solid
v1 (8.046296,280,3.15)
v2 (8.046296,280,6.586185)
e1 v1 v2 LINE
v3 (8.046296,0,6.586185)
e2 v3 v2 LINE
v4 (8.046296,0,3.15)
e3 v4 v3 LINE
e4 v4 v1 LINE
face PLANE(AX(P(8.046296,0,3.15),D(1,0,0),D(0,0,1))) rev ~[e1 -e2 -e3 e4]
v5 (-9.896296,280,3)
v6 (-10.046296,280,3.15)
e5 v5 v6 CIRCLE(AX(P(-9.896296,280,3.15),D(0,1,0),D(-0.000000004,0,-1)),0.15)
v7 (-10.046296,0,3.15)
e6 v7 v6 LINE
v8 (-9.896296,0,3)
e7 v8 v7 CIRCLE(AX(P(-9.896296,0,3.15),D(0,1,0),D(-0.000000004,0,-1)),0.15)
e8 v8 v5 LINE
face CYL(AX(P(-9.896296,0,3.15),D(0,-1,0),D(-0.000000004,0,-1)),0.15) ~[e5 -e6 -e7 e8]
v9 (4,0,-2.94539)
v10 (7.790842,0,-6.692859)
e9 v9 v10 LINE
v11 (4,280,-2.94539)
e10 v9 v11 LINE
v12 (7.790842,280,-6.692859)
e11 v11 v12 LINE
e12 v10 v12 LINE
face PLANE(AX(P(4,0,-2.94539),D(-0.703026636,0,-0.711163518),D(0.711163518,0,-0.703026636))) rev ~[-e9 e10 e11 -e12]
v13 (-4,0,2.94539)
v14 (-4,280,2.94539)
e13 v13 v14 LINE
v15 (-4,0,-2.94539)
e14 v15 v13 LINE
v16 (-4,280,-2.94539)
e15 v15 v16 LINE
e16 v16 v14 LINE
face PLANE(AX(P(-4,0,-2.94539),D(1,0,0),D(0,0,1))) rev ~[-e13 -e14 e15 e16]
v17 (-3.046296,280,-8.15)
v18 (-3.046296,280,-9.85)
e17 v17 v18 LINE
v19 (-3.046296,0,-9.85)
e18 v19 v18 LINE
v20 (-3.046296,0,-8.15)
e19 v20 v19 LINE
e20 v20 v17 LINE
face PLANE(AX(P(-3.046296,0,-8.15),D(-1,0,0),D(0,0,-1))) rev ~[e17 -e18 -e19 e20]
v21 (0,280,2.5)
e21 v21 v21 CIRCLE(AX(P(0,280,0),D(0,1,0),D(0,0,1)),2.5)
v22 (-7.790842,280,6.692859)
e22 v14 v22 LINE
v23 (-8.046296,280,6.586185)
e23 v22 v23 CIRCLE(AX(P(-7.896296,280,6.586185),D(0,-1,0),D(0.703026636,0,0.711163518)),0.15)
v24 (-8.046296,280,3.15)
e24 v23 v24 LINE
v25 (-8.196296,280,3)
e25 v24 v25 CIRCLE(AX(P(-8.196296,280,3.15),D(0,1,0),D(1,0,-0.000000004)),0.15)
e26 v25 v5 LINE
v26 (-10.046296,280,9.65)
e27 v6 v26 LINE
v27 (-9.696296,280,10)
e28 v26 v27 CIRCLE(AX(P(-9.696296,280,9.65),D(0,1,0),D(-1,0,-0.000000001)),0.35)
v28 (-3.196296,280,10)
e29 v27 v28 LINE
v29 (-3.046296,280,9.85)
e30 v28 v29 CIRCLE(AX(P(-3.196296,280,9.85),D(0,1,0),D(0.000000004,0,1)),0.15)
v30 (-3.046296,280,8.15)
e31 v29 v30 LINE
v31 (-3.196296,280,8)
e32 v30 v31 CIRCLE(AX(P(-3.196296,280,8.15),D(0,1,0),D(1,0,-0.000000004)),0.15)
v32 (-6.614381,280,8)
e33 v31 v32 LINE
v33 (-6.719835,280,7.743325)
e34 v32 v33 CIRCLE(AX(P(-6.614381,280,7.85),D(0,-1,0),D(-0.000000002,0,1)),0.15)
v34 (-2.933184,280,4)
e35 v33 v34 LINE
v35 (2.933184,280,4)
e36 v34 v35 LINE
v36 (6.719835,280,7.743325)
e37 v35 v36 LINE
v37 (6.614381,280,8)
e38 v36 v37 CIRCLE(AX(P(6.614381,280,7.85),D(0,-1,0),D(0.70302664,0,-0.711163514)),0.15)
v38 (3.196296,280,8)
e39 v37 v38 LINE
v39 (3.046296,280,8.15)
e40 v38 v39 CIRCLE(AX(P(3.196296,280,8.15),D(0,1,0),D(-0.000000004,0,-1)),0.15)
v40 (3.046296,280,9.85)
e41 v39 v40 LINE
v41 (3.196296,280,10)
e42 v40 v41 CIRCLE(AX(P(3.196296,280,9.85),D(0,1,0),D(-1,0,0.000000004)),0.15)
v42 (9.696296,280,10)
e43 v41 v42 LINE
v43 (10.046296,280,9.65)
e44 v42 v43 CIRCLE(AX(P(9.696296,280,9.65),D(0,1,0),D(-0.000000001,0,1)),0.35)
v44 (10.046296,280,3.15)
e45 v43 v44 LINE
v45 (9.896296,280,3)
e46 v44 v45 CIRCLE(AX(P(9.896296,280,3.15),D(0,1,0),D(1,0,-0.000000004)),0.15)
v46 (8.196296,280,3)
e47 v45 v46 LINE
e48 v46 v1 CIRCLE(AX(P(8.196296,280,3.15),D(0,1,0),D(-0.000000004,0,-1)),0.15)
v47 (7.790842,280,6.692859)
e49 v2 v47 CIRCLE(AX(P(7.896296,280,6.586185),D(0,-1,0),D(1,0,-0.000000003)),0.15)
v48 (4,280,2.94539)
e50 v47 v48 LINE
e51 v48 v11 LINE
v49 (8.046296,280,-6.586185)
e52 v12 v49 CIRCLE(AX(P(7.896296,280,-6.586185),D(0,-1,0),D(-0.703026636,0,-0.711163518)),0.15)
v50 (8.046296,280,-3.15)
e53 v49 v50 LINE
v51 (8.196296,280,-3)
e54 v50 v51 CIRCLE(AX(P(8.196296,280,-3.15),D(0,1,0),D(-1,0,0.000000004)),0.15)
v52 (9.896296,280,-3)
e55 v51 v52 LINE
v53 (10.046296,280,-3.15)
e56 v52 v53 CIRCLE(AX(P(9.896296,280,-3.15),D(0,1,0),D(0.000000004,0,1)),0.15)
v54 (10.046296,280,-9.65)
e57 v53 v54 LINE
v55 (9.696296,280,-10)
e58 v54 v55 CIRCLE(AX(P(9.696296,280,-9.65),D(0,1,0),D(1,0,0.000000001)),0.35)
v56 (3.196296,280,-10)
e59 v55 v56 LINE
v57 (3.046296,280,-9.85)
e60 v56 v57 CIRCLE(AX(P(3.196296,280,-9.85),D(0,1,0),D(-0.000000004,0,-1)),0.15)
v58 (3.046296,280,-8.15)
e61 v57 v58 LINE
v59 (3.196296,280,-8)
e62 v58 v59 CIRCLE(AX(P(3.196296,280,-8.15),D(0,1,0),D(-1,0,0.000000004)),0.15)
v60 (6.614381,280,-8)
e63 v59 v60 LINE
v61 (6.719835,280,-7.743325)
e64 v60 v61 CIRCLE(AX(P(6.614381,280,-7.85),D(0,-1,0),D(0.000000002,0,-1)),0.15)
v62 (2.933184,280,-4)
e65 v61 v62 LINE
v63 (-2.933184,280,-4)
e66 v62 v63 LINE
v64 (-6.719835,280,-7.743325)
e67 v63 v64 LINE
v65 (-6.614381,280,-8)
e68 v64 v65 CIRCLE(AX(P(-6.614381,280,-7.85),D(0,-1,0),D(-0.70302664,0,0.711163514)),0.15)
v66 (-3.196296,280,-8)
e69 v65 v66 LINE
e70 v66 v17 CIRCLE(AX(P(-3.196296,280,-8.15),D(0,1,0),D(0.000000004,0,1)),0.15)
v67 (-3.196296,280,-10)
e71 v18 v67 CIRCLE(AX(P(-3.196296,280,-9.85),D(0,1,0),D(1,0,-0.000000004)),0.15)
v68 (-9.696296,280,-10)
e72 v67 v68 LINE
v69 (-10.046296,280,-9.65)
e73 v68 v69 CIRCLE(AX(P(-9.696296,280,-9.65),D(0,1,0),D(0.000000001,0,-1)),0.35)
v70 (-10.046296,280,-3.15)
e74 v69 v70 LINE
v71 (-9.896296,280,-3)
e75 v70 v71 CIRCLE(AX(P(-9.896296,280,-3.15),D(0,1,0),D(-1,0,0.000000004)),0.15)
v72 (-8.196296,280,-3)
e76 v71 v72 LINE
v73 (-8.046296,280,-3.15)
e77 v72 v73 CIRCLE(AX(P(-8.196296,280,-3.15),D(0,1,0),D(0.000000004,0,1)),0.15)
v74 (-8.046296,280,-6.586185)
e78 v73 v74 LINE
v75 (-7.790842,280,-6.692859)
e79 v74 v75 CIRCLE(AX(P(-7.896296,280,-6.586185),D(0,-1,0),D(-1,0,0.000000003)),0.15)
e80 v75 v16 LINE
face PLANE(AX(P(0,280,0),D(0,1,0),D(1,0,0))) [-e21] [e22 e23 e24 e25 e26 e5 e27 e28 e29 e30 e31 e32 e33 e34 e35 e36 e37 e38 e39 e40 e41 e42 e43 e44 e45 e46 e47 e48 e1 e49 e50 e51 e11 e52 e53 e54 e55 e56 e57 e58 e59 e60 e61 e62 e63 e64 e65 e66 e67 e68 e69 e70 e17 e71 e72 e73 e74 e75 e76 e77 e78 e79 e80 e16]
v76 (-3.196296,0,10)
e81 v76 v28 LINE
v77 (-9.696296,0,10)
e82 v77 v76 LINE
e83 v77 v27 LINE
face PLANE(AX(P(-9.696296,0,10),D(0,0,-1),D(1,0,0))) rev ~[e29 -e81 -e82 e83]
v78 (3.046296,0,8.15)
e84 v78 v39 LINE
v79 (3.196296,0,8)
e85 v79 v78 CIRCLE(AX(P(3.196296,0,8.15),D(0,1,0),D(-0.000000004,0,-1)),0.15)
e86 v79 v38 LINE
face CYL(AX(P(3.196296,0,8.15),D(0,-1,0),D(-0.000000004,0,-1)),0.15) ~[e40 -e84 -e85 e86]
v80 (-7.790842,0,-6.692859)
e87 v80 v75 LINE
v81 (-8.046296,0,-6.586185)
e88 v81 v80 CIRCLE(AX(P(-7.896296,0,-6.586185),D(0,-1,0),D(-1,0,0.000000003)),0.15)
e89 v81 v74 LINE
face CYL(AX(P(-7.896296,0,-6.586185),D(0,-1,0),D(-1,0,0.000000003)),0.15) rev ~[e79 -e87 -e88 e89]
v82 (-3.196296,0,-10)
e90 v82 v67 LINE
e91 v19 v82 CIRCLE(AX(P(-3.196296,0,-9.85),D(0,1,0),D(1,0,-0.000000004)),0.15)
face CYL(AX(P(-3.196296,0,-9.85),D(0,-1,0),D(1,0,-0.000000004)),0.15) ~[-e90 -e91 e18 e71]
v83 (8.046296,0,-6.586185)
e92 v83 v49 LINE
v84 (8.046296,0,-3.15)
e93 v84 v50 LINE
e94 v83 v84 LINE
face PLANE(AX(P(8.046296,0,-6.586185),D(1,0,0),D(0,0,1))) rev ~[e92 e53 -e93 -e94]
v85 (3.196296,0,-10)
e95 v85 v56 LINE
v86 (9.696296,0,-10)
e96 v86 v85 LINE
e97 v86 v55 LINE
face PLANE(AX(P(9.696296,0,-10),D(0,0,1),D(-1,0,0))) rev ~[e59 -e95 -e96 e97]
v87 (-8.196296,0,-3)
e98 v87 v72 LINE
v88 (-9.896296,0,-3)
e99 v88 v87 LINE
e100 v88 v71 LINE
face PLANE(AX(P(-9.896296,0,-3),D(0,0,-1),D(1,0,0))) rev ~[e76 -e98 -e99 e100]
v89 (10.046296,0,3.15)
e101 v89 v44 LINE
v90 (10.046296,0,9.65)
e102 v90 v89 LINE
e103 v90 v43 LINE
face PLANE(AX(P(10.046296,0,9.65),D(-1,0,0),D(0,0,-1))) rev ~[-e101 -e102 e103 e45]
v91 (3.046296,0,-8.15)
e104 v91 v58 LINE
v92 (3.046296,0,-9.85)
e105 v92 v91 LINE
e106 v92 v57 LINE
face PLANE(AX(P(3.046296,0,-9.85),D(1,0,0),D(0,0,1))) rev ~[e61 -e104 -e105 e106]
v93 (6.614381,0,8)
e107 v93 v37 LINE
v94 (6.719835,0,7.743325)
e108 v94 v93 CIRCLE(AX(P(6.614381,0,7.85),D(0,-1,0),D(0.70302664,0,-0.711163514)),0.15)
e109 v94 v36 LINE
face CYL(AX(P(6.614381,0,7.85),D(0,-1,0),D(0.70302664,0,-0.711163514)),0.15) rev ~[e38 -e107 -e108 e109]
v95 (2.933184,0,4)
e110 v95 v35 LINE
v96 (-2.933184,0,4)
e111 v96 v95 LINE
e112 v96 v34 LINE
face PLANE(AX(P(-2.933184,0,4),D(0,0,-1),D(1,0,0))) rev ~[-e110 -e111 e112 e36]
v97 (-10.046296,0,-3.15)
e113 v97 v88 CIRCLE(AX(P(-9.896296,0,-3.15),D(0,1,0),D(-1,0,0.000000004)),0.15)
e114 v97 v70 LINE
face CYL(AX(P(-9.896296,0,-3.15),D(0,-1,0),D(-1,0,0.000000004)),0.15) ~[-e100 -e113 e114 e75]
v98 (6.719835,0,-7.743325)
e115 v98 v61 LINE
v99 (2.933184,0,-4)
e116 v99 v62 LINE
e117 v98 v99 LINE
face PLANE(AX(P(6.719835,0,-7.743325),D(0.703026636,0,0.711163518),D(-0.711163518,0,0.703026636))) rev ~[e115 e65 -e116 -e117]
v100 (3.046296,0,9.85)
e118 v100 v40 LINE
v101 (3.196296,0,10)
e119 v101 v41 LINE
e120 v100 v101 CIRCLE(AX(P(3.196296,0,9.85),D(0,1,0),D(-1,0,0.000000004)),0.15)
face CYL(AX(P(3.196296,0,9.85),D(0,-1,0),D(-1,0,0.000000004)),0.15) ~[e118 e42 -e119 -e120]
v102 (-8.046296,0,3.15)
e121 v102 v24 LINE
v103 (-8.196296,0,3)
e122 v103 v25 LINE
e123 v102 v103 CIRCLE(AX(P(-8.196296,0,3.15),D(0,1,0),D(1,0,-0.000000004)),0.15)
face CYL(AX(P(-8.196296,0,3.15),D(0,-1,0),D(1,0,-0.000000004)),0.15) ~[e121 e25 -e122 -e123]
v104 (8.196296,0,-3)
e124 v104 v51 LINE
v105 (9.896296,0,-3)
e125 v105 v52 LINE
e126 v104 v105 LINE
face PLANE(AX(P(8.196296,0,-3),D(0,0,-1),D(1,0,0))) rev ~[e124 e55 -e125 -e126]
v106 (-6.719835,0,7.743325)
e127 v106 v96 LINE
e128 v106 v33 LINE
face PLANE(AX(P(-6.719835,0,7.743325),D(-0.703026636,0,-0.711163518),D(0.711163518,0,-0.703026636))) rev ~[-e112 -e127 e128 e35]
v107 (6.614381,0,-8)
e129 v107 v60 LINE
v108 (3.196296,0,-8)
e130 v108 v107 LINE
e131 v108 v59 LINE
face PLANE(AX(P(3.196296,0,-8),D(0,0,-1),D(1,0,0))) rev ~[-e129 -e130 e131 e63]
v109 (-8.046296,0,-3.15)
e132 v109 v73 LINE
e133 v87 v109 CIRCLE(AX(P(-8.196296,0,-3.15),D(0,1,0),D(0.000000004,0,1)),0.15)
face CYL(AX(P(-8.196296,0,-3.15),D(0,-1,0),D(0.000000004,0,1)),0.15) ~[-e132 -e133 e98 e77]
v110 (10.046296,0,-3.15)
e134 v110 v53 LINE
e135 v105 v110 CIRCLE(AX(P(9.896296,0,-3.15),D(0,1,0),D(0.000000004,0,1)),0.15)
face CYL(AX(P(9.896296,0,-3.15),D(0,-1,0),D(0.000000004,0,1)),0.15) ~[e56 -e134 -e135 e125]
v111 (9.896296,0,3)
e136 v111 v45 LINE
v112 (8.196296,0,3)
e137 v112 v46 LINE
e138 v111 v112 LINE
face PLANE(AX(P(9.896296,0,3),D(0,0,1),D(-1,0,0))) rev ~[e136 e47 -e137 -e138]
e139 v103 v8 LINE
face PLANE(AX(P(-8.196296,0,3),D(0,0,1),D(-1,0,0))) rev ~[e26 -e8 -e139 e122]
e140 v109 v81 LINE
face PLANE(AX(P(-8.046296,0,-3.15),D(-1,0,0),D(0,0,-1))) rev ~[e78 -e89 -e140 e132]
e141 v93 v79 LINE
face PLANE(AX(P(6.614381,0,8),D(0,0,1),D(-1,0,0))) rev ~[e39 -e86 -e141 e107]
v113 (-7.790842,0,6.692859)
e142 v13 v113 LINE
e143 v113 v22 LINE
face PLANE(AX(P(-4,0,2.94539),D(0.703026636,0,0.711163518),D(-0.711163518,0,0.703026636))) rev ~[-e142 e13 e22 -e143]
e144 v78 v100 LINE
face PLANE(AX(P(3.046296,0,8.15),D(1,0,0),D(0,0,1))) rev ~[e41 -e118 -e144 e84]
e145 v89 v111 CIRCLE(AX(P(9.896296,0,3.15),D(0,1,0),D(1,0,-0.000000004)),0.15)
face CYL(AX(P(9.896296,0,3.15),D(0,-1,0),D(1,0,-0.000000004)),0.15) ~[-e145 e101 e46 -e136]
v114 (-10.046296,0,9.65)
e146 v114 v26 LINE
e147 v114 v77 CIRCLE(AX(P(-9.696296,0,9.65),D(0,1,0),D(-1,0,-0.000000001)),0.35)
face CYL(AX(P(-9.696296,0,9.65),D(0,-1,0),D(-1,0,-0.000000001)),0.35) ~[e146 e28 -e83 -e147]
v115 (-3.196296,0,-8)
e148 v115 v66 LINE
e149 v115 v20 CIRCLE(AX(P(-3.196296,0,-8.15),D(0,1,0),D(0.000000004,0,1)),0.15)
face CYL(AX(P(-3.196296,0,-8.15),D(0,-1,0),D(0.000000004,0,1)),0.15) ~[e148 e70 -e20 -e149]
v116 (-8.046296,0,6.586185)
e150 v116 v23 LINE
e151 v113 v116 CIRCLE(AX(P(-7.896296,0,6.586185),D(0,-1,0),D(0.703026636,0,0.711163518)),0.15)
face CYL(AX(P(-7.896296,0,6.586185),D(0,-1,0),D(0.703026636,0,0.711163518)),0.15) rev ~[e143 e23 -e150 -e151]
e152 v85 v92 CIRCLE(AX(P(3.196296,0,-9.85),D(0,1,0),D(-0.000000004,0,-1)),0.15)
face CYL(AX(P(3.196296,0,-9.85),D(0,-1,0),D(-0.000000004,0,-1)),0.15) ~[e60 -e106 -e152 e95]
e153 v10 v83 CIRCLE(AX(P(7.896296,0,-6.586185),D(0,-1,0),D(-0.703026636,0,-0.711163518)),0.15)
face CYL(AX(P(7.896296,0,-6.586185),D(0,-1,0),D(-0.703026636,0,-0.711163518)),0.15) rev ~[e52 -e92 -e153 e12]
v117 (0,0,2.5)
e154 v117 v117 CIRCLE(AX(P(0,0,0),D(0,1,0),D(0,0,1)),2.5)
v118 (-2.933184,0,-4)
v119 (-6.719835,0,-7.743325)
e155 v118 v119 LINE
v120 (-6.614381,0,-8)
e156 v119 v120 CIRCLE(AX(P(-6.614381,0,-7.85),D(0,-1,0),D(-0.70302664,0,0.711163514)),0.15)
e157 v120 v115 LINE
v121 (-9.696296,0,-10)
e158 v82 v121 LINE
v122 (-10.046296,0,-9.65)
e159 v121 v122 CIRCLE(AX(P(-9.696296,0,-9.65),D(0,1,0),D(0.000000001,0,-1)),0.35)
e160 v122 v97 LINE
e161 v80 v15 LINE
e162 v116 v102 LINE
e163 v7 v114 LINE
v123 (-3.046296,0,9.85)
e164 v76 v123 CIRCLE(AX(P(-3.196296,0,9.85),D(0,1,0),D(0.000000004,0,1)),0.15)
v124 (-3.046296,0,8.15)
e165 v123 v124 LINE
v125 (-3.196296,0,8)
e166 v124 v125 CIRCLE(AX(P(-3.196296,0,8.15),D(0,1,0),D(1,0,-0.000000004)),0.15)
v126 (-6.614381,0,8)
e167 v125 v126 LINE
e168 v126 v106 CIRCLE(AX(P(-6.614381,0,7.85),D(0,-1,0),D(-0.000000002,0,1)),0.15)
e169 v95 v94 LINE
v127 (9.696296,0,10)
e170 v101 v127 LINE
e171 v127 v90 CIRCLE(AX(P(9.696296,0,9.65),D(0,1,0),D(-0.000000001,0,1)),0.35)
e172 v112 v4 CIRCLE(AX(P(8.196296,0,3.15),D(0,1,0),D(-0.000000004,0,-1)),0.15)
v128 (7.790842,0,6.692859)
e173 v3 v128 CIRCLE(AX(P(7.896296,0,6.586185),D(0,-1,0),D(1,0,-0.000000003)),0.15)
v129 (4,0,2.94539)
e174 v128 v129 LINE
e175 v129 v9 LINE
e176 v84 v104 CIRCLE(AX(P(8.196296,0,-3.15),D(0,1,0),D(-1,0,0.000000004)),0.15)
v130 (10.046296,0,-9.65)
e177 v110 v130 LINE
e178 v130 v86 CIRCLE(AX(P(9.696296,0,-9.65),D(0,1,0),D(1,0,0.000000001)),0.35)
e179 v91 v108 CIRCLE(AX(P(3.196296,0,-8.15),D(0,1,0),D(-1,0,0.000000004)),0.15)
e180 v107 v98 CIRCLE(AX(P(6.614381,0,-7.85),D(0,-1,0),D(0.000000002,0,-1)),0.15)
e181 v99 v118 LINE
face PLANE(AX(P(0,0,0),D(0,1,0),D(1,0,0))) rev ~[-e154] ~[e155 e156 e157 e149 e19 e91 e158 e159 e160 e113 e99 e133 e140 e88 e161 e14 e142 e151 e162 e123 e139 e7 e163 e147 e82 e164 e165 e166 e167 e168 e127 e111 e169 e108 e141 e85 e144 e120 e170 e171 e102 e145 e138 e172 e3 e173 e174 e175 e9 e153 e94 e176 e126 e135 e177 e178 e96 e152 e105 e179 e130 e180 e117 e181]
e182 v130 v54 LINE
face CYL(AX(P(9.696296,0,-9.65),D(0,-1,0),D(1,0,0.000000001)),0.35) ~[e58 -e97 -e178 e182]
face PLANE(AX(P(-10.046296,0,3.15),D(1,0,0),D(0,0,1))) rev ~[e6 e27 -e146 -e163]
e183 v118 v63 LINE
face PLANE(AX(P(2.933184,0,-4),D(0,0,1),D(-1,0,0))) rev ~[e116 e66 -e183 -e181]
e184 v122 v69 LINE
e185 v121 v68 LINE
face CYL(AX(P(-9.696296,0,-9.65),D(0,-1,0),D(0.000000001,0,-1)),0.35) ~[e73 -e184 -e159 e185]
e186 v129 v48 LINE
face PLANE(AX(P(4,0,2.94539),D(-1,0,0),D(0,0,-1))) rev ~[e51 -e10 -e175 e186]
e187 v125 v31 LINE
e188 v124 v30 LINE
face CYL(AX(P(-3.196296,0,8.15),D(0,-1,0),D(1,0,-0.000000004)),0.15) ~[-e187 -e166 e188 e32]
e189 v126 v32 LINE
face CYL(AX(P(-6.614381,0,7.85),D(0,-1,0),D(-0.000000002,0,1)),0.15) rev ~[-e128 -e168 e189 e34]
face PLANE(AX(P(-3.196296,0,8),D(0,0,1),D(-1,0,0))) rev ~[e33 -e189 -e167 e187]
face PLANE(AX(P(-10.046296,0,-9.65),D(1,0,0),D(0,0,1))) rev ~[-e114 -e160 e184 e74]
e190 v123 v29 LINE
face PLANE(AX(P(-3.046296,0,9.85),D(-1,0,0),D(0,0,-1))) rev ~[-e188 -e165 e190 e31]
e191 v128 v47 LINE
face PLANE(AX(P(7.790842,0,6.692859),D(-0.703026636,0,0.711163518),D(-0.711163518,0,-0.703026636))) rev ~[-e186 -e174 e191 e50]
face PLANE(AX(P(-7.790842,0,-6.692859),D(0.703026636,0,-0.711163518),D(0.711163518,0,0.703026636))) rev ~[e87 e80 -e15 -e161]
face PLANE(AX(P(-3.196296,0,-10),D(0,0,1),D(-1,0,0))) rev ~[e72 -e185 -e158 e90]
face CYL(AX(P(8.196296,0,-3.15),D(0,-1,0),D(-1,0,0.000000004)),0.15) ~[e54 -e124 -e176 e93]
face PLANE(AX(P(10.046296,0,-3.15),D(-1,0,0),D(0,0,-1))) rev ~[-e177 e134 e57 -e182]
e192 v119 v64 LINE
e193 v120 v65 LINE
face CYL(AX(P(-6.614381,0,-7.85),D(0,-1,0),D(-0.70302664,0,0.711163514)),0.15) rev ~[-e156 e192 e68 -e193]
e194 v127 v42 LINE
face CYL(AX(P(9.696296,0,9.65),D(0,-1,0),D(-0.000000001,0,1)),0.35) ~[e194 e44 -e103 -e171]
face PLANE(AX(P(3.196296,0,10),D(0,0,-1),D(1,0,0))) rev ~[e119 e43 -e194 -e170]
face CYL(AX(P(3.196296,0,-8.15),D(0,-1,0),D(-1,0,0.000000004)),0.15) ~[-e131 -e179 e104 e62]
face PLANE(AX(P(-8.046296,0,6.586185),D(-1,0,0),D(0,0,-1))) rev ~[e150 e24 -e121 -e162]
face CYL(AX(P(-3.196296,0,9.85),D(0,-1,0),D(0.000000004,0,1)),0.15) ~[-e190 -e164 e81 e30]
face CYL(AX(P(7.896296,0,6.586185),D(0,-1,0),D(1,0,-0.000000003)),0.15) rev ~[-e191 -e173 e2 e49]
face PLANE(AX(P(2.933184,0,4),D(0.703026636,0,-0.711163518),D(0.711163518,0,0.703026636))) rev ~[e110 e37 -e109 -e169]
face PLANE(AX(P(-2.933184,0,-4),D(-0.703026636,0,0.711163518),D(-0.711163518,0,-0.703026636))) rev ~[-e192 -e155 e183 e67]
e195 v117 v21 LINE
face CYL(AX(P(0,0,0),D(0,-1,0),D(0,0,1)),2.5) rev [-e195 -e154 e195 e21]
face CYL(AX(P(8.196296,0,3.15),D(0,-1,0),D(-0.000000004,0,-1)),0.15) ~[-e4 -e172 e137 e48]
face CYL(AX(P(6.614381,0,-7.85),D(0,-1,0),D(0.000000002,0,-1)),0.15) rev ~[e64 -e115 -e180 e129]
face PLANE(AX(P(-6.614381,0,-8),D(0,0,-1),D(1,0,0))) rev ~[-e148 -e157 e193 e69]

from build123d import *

# Parameters (mm, degrees)
SKETCH1_R           = 2.5
BOSS_EXTRUDE2_DEPTH = 280


with BuildPart() as part:
    # Sketch1 → Boss-Extrude2 (new body)
    with BuildSketch(Plane(origin=(0, 0, 0), x_dir=(1, 0, 0), z_dir=(0, 1, 0))):
        with BuildLine():
            Line((-9.896296296, 3), (-8.196296296, 3))
            ThreePointArc((-8.196296296, 3), (-8.090230279, 3.043933983), (-8.046296296, 3.15))
            Line((-8.046296296, 3.15), (-8.046296296, 6.586184513))
            ThreePointArc((-8.046296296, 6.586184513), (-7.954097251, 6.724600732), (-7.790842301, 6.692859041))
            Line((-7.790842301, 6.692859041), (-4, 2.945390222))
            Line((-4, 2.945390222), (-4, -2.945390222))
            Line((-4, -2.945390222), (-7.790842301, -6.692859041))
            ThreePointArc((-7.790842301, -6.692859041), (-7.954097251, -6.724600732), (-8.046296296, -6.586184513))
            Line((-8.046296296, -6.586184513), (-8.046296296, -3.15))
            ThreePointArc((-8.046296296, -3.15), (-8.090230279, -3.043933983), (-8.196296296, -3))
            Line((-8.196296296, -3), (-9.896296296, -3))
            ThreePointArc((-9.896296296, -3), (-10.002362313, -3.043933983), (-10.046296296, -3.15))
            Line((-10.046296296, -3.15), (-10.046296296, -9.65))
            ThreePointArc((-10.046296296, -9.65), (-9.94378367, -9.897487373), (-9.696296296, -10))
            Line((-9.696296296, -10), (-3.196296296, -10))
            ThreePointArc((-3.196296296, -10), (-3.090230279, -9.956066017), (-3.046296296, -9.85))
            Line((-3.046296296, -9.85), (-3.046296296, -8.15))
            ThreePointArc((-3.046296296, -8.15), (-3.090230279, -8.043933983), (-3.196296296, -8))
            Line((-3.196296296, -8), (-6.614381093, -8))
            ThreePointArc((-6.614381093, -8), (-6.753127587, -7.9070036), (-6.719835089, -7.743325472))
            Line((-6.719835089, -7.743325472), (-2.93318409, -4))
            Line((-2.93318409, -4), (2.93318409, -4))
            Line((2.93318409, -4), (6.719835089, -7.743325472))
            ThreePointArc((6.719835089, -7.743325472), (6.753127587, -7.9070036), (6.614381093, -8))
            Line((6.614381093, -8), (3.196296296, -8))
            ThreePointArc((3.196296296, -8), (3.090230279, -8.043933983), (3.046296296, -8.15))
            Line((3.046296296, -8.15), (3.046296296, -9.85))
            ThreePointArc((3.046296296, -9.85), (3.090230279, -9.956066017), (3.196296296, -10))
            Line((3.196296296, -10), (9.696296296, -10))
            ThreePointArc((9.696296296, -10), (9.94378367, -9.897487373), (10.046296296, -9.65))
            Line((10.046296296, -9.65), (10.046296296, -3.15))
            ThreePointArc((10.046296296, -3.15), (10.002362313, -3.043933983), (9.896296296, -3))
            Line((9.896296296, -3), (8.196296296, -3))
            ThreePointArc((8.196296296, -3), (8.090230279, -3.043933983), (8.046296296, -3.15))
            Line((8.046296296, -3.15), (8.046296296, -6.586184513))
            ThreePointArc((8.046296296, -6.586184513), (7.954097251, -6.724600732), (7.790842301, -6.692859041))
            Line((7.790842301, -6.692859041), (4, -2.945390222))
            Line((4, -2.945390222), (4, 2.945390222))
            Line((4, 2.945390222), (7.790842301, 6.692859041))
            ThreePointArc((7.790842301, 6.692859041), (7.954097251, 6.724600732), (8.046296296, 6.586184513))
            Line((8.046296296, 6.586184513), (8.046296296, 3.15))
            ThreePointArc((8.046296296, 3.15), (8.090230279, 3.043933983), (8.196296296, 3))
            Line((8.196296296, 3), (9.896296296, 3))
            ThreePointArc((9.896296296, 3), (10.002362313, 3.043933983), (10.046296296, 3.15))
            Line((10.046296296, 3.15), (10.046296296, 9.65))
            ThreePointArc((10.046296296, 9.65), (9.94378367, 9.897487373), (9.696296296, 10))
            Line((9.696296296, 10), (3.196296296, 10))
            ThreePointArc((3.196296296, 10), (3.090230279, 9.956066017), (3.046296296, 9.85))
            Line((3.046296296, 9.85), (3.046296296, 8.15))
            ThreePointArc((3.046296296, 8.15), (3.090230279, 8.043933983), (3.196296296, 8))
            Line((3.196296296, 8), (6.614381093, 8))
            ThreePointArc((6.614381093, 8), (6.753127587, 7.9070036), (6.719835089, 7.743325472))
            Line((6.719835089, 7.743325472), (2.93318409, 4))
            Line((2.93318409, 4), (-2.93318409, 4))
            Line((-2.93318409, 4), (-6.719835089, 7.743325472))
            ThreePointArc((-6.719835089, 7.743325472), (-6.753127587, 7.9070036), (-6.614381093, 8))
            Line((-6.614381093, 8), (-3.196296296, 8))
            ThreePointArc((-3.196296296, 8), (-3.090230279, 8.043933983), (-3.046296296, 8.15))
            Line((-3.046296296, 8.15), (-3.046296296, 9.85))
            ThreePointArc((-3.046296296, 9.85), (-3.090230279, 9.956066017), (-3.196296296, 10))
            Line((-3.196296296, 10), (-9.696296296, 10))
            ThreePointArc((-9.696296296, 10), (-9.94378367, 9.897487373), (-10.046296296, 9.65))
            Line((-10.046296296, 9.65), (-10.046296296, 3.15))
            ThreePointArc((-10.046296296, 3.15), (-10.002362313, 3.043933983), (-9.896296296, 3))
        make_face()
        with Locations(Location((0, 0, 0), (0, 0, 270))):
            Circle(SKETCH1_R, mode=Mode.SUBTRACT)
    extrude(amount=BOSS_EXTRUDE2_DEPTH)


solid = part.part
